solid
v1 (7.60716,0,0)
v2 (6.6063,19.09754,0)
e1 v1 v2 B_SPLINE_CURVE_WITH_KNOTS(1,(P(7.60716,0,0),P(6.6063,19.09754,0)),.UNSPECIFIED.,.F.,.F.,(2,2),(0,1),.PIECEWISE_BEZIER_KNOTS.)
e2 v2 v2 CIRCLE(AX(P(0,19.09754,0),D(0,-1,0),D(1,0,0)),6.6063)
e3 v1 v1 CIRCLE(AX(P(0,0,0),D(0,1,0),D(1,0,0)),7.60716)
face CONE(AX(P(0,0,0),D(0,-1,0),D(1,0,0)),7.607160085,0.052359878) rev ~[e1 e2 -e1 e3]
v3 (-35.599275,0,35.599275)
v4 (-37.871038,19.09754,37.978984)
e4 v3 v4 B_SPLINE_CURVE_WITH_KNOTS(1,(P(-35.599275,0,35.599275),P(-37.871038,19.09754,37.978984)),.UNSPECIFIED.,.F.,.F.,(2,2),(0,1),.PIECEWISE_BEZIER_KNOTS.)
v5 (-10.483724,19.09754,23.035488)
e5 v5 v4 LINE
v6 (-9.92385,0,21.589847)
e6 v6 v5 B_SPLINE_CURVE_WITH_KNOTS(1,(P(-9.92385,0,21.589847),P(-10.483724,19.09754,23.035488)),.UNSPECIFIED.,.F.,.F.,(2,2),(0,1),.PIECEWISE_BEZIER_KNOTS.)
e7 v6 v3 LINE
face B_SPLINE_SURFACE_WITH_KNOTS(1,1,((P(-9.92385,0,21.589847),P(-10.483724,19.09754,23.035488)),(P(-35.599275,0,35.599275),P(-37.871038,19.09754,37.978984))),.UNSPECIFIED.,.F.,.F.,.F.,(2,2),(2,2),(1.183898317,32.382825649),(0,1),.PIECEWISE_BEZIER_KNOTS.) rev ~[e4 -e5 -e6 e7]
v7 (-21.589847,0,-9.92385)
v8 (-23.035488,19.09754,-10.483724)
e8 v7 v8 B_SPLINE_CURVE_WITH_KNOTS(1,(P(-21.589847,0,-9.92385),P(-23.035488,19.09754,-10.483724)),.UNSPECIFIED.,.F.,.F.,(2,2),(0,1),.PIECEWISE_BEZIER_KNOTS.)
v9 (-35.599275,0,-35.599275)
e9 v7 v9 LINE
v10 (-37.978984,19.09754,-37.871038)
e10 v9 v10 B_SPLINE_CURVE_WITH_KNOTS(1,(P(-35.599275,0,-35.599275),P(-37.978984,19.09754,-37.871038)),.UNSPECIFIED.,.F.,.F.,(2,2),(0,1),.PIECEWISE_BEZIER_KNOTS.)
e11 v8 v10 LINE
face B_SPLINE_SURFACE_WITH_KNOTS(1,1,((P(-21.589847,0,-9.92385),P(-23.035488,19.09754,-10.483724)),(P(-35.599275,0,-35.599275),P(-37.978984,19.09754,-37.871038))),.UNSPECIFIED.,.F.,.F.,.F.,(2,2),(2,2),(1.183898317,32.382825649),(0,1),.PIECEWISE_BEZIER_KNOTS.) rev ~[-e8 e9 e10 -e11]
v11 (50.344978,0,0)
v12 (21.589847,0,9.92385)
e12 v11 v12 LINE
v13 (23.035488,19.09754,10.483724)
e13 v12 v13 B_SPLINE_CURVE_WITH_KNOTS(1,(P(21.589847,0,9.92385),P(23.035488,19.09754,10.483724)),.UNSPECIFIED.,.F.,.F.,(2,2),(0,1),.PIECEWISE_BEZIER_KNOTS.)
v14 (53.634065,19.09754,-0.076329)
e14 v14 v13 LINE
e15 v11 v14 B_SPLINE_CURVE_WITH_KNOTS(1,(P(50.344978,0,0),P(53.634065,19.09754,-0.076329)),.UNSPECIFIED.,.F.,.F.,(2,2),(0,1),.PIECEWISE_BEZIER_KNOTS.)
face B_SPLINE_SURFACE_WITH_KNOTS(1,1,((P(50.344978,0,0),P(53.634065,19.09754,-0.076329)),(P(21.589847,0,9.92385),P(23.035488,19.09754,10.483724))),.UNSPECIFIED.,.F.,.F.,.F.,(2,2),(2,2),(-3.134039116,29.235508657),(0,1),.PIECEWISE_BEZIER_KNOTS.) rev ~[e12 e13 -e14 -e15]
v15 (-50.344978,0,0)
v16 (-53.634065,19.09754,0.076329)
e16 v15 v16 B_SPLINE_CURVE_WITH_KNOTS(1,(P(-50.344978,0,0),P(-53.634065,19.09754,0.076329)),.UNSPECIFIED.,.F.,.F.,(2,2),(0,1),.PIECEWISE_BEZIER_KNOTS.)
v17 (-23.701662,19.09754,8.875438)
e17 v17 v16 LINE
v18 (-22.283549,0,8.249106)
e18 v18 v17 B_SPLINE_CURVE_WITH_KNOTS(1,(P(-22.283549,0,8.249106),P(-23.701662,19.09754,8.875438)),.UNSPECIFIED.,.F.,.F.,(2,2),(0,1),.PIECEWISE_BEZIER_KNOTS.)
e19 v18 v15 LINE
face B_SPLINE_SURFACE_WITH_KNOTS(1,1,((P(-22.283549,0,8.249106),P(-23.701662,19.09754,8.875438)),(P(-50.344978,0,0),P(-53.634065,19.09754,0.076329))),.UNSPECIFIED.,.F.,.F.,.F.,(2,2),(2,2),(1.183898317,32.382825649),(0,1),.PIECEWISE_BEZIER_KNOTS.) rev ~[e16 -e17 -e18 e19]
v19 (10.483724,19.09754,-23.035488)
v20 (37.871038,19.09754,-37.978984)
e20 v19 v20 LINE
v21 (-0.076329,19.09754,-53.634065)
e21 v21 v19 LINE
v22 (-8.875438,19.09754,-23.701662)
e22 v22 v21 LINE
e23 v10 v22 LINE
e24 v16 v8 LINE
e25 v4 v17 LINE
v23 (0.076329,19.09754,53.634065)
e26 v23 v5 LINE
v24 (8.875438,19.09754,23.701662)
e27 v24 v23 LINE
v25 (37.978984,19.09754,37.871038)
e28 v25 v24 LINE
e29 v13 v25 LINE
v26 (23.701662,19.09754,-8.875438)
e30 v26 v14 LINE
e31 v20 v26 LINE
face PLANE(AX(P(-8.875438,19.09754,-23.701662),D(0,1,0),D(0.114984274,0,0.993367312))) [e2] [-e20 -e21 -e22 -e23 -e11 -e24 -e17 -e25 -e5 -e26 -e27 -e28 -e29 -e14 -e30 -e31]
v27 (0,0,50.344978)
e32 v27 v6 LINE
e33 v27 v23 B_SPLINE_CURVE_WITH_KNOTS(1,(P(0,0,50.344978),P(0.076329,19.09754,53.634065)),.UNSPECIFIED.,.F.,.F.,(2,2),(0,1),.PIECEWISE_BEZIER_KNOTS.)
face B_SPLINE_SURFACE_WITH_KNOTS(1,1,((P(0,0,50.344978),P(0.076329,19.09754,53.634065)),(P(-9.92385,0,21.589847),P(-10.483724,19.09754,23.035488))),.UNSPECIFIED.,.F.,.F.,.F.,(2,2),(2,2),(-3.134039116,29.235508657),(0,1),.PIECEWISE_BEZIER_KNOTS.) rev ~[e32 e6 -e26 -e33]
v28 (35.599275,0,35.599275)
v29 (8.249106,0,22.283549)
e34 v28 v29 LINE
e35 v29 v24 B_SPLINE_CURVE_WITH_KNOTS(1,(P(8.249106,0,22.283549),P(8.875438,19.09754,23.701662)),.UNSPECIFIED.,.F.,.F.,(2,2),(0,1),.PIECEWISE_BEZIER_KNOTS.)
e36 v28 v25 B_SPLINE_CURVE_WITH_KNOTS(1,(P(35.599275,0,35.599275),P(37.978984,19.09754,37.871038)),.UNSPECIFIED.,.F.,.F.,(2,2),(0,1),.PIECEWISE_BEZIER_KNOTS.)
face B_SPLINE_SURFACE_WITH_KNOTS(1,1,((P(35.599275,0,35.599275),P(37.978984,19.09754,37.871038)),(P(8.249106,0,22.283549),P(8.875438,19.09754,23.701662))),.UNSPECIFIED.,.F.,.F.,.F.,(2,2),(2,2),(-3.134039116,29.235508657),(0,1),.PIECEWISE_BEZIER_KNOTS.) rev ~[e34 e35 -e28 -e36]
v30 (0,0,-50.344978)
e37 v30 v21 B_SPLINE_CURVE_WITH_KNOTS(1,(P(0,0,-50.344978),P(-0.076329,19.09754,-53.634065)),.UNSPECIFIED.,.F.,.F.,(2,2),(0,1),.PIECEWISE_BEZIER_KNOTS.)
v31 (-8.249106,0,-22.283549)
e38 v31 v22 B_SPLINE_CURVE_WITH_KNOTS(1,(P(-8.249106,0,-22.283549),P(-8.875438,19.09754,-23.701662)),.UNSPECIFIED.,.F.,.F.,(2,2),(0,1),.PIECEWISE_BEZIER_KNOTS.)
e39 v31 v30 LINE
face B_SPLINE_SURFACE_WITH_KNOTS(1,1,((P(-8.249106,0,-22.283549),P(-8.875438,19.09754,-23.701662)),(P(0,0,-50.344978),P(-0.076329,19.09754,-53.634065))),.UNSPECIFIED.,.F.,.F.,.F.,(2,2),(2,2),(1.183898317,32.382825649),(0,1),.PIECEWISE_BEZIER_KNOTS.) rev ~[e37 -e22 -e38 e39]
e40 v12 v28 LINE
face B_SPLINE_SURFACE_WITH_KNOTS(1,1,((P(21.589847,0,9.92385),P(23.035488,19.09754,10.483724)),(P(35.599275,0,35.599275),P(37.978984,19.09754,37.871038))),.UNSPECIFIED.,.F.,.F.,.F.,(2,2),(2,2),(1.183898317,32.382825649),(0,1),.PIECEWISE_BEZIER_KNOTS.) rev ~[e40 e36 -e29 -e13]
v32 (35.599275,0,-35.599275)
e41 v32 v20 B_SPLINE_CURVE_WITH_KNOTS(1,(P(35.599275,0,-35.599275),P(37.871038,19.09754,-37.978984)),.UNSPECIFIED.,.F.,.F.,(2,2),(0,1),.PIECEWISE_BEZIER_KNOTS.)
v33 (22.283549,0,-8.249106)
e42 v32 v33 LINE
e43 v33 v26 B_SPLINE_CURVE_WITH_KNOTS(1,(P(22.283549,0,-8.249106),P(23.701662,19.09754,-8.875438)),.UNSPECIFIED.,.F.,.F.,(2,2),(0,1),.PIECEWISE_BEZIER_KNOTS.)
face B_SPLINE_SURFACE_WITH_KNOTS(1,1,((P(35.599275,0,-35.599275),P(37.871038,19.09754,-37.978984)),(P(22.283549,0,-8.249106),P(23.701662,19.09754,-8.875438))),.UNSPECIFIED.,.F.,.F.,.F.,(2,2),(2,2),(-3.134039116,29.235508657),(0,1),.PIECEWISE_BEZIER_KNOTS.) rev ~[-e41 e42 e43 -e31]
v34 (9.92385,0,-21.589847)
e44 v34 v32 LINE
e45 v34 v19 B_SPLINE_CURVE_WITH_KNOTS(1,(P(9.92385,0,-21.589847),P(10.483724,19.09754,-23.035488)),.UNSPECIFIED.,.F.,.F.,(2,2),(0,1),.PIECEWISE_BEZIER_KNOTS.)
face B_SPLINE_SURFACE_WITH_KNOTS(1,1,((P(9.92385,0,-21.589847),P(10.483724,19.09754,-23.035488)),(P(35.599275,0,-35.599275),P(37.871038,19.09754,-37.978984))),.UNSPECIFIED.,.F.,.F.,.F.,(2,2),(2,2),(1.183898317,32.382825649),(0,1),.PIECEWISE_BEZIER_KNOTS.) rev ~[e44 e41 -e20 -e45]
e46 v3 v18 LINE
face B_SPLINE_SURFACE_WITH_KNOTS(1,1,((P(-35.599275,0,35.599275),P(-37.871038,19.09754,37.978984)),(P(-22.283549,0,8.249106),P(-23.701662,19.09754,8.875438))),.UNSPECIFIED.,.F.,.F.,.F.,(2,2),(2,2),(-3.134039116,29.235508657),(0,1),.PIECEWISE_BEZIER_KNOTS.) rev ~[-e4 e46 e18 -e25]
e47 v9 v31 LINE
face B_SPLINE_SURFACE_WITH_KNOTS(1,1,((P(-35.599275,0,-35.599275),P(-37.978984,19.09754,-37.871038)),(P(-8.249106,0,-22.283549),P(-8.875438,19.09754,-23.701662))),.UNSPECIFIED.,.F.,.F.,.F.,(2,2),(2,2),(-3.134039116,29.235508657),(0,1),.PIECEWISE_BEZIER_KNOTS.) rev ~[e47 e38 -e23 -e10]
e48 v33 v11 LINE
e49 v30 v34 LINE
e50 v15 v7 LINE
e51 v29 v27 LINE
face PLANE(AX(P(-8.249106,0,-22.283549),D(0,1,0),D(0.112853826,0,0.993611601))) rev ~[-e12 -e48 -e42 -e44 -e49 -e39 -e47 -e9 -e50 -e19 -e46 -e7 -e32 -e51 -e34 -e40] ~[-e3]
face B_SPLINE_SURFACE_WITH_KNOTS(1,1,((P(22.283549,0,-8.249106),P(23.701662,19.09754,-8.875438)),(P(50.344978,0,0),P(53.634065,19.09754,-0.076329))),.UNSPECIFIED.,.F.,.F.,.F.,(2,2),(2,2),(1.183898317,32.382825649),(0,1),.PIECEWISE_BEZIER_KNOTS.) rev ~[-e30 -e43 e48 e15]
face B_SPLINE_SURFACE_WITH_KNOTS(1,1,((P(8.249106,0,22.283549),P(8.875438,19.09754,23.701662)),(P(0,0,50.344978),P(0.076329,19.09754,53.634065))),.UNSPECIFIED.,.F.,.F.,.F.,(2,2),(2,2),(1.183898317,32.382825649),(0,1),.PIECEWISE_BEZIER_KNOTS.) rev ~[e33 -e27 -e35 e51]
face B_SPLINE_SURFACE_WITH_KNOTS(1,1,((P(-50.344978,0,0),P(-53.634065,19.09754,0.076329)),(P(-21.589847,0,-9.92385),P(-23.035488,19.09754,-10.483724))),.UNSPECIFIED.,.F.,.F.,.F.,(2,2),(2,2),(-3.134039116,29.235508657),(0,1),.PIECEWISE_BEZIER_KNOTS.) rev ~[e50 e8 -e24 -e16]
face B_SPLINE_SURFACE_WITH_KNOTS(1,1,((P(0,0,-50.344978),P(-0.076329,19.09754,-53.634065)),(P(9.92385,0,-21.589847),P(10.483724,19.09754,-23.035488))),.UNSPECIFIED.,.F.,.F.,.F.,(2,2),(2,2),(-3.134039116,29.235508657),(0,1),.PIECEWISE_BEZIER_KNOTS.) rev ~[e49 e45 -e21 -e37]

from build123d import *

# Parameters (mm, degrees)
F0_R     = 7.6071600852
F1_DEPTH = 19.09754
F1_TAPER = -3


with BuildPart() as f1:
    # F0 (on Front) → F1 (new body)
    with BuildSketch(Plane.XZ):
        with BuildLine():
            ThreePointArc((-4.6388319141, 18.7061527472), (-1.4012654558, 19.2217420452), (1.8768469353, 19.1811458915))
            Line((1.8768469353, 19.1811458915), (8.2491056776, 22.2835490331))
            Line((8.2491056776, 22.2835490331), (0, 50.3449775279))
            Line((0, 50.3449775279), (-9.9238500669, 21.5898471936))
            Line((-9.9238500669, 21.5898471936), (-4.6388319141, 18.7061527472))
        make_face()
        with BuildLine():
            Line((9.9238500669, -21.5898471936), (4.6388319141, -18.7061527472))
            ThreePointArc((4.6388319141, -18.7061527472), (1.4012654558, -19.2217420452), (-1.8768469353, -19.1811458915))
            Line((-1.8768469353, -19.1811458915), (-8.2491056776, -22.2835490331))
            Line((-8.2491056776, -22.2835490331), (0, -50.3449775279))
            Line((0, -50.3449775279), (9.9238500669, -21.5898471936))
        make_face()
        with BuildLine():
            Line((-8.2491056776, -22.2835490331), (-1.8768469353, -19.1811458915))
            ThreePointArc((-1.8768469353, -19.1811458915), (-6.0612417477, -18.294815129), (-9.9470979542, -16.5073969607))
            Line((-9.9470979542, -16.5073969607), (-8.2491056776, -22.2835490331))
        make_face()
        with BuildLine():
            ThreePointArc((18.7061527472, 4.6388319141), (19.1305766639, 2.3366532985), (19.2727505076, 0))
            ThreePointArc((19.2727505076, 0), (19.2498357311, -0.9395405559), (19.1811458915, -1.8768469353))
            Line((19.1811458915, -1.8768469353), (22.2835490331, -8.2491056776))
            Line((22.2835490331, -8.2491056776), (50.3449775279, 0))
            Line((50.3449775279, 0), (21.5898471936, 9.9238500669))
            Line((21.5898471936, 9.9238500669), (18.7061527472, 4.6388319141))
        make_face()
        with BuildLine():
            Line((22.2835490331, -8.2491056776), (16.5073969607, -9.9470979542))
            ThreePointArc((16.5073969607, -9.9470979542), (14.5826684524, -12.6009798404), (12.2359871356, -14.890249526))
            Line((12.2359871356, -14.890249526), (9.9238500669, -21.5898471936))
            Line((9.9238500669, -21.5898471936), (35.5992750086, -35.5992750086))
            Line((35.5992750086, -35.5992750086), (22.2835490331, -8.2491056776))
        make_face()
        with BuildLine():
            ThreePointArc((14.890249526, 12.2359871356), (17.2223329805, 8.6504426961), (18.7061527472, 4.6388319141))
            Line((18.7061527472, 4.6388319141), (21.5898471936, 9.9238500669))
            Line((21.5898471936, 9.9238500669), (14.890249526, 12.2359871356))
        make_face()
        with BuildLine():
            ThreePointArc((1.8768469353, 19.1811458915), (6.0612417477, 18.294815129), (9.9470979542, 16.5073969607))
            Line((9.9470979542, 16.5073969607), (8.2491056776, 22.2835490331))
            Line((8.2491056776, 22.2835490331), (1.8768469353, 19.1811458915))
        make_face()
        with BuildLine():
            ThreePointArc((-19.1811458915, 1.8768469353), (-18.294815129, 6.0612417477), (-16.5073969607, 9.9470979542))
            Line((-16.5073969607, 9.9470979542), (-22.2835490331, 8.2491056776))
            Line((-22.2835490331, 8.2491056776), (-19.1811458915, 1.8768469353))
        make_face()
        with BuildLine():
            ThreePointArc((-12.2359871356, 14.890249526), (-8.6504426961, 17.2223329805), (-4.6388319141, 18.7061527472))
            Line((-4.6388319141, 18.7061527472), (-9.9238500669, 21.5898471936))
            Line((-9.9238500669, 21.5898471936), (-12.2359871356, 14.890249526))
        make_face()
        with BuildLine():
            Line((-21.5898471936, -9.9238500669), (-14.890249526, -12.2359871356))
            ThreePointArc((-14.890249526, -12.2359871356), (-17.2223329805, -8.6504426961), (-18.7061527472, -4.6388319141))
            Line((-18.7061527472, -4.6388319141), (-21.5898471936, -9.9238500669))
        make_face()
        with BuildLine():
            Line((9.9238500669, -21.5898471936), (12.2359871356, -14.890249526))
            ThreePointArc((12.2359871356, -14.890249526), (8.6504426961, -17.2223329805), (4.6388319141, -18.7061527472))
            Line((4.6388319141, -18.7061527472), (9.9238500669, -21.5898471936))
        make_face()
        with BuildLine():
            Line((22.2835490331, -8.2491056776), (19.1811458915, -1.8768469353))
            ThreePointArc((19.1811458915, -1.8768469353), (18.294815129, -6.0612417477), (16.5073969607, -9.9470979542))
            Line((16.5073969607, -9.9470979542), (22.2835490331, -8.2491056776))
        make_face()
        with BuildLine():
            ThreePointArc((9.9470979542, 16.5073969607), (12.6009798404, 14.5826684524), (14.890249526, 12.2359871356))
            Line((14.890249526, 12.2359871356), (21.5898471936, 9.9238500669))
            Line((21.5898471936, 9.9238500669), (35.5992750086, 35.5992750086))
            Line((35.5992750086, 35.5992750086), (8.2491056776, 22.2835490331))
            Line((8.2491056776, 22.2835490331), (9.9470979542, 16.5073969607))
        make_face()
        with BuildLine():
            ThreePointArc((-16.5073969607, 9.9470979542), (-14.5826684524, 12.6009798404), (-12.2359871356, 14.890249526))
            Line((-12.2359871356, 14.890249526), (-9.9238500669, 21.5898471936))
            Line((-9.9238500669, 21.5898471936), (-35.5992750086, 35.5992750086))
            Line((-35.5992750086, 35.5992750086), (-22.2835490331, 8.2491056776))
            Line((-22.2835490331, 8.2491056776), (-16.5073969607, 9.9470979542))
        make_face()
        with BuildLine():
            ThreePointArc((-18.7061527472, -4.6388319141), (-19.2217420452, -1.4012654558), (-19.1811458915, 1.8768469353))
            Line((-19.1811458915, 1.8768469353), (-22.2835490331, 8.2491056776))
            Line((-22.2835490331, 8.2491056776), (-50.3449775279, 0))
            Line((-50.3449775279, 0), (-21.5898471936, -9.9238500669))
            Line((-21.5898471936, -9.9238500669), (-18.7061527472, -4.6388319141))
        make_face()
        with BuildLine():
            Line((-8.2491056776, -22.2835490331), (-9.9470979542, -16.5073969607))
            ThreePointArc((-9.9470979542, -16.5073969607), (-12.6009798404, -14.5826684524), (-14.890249526, -12.2359871356))
            Line((-14.890249526, -12.2359871356), (-21.5898471936, -9.9238500669))
            Line((-21.5898471936, -9.9238500669), (-35.5992750086, -35.5992750086))
            Line((-35.5992750086, -35.5992750086), (-8.2491056776, -22.2835490331))
        make_face()
        with BuildLine():
            ThreePointArc((19.1811458915, -1.8768469353), (19.2498357311, -0.9395405559), (19.2727505076, 0))
            ThreePointArc((19.2727505076, 0), (19.1305766639, 2.3366532985), (18.7061527472, 4.6388319141))
            ThreePointArc((18.7061527472, 4.6388319141), (17.2223329805, 8.6504426961), (14.890249526, 12.2359871356))
            ThreePointArc((14.890249526, 12.2359871356), (12.6009798404, 14.5826684524), (9.9470979542, 16.5073969607))
            ThreePointArc((9.9470979542, 16.5073969607), (6.0612417477, 18.294815129), (1.8768469353, 19.1811458915))
            ThreePointArc((1.8768469353, 19.1811458915), (-1.4012654558, 19.2217420452), (-4.6388319141, 18.7061527472))
            ThreePointArc((-4.6388319141, 18.7061527472), (-8.6504426961, 17.2223329805), (-12.2359871356, 14.890249526))
            ThreePointArc((-12.2359871356, 14.890249526), (-14.5826684524, 12.6009798404), (-16.5073969607, 9.9470979542))
            ThreePointArc((-16.5073969607, 9.9470979542), (-18.294815129, 6.0612417477), (-19.1811458915, 1.8768469353))
            ThreePointArc((-19.1811458915, 1.8768469353), (-19.2217420452, -1.4012654558), (-18.7061527472, -4.6388319141))
            ThreePointArc((-18.7061527472, -4.6388319141), (-17.2223329805, -8.6504426961), (-14.890249526, -12.2359871356))
            ThreePointArc((-14.890249526, -12.2359871356), (-12.6009798404, -14.5826684524), (-9.9470979542, -16.5073969607))
            ThreePointArc((-9.9470979542, -16.5073969607), (-6.0612417477, -18.294815129), (-1.8768469353, -19.1811458915))
            ThreePointArc((-1.8768469353, -19.1811458915), (1.4012654558, -19.2217420452), (4.6388319141, -18.7061527472))
            ThreePointArc((4.6388319141, -18.7061527472), (8.6504426961, -17.2223329805), (12.2359871356, -14.890249526))
            ThreePointArc((12.2359871356, -14.890249526), (14.5826684524, -12.6009798404), (16.5073969607, -9.9470979542))
            ThreePointArc((16.5073969607, -9.9470979542), (18.294815129, -6.0612417477), (19.1811458915, -1.8768469353))
        make_face()
        Circle(F0_R, mode=Mode.SUBTRACT)
    extrude(amount=-F1_DEPTH, taper=F1_TAPER)


solid = f1.part
